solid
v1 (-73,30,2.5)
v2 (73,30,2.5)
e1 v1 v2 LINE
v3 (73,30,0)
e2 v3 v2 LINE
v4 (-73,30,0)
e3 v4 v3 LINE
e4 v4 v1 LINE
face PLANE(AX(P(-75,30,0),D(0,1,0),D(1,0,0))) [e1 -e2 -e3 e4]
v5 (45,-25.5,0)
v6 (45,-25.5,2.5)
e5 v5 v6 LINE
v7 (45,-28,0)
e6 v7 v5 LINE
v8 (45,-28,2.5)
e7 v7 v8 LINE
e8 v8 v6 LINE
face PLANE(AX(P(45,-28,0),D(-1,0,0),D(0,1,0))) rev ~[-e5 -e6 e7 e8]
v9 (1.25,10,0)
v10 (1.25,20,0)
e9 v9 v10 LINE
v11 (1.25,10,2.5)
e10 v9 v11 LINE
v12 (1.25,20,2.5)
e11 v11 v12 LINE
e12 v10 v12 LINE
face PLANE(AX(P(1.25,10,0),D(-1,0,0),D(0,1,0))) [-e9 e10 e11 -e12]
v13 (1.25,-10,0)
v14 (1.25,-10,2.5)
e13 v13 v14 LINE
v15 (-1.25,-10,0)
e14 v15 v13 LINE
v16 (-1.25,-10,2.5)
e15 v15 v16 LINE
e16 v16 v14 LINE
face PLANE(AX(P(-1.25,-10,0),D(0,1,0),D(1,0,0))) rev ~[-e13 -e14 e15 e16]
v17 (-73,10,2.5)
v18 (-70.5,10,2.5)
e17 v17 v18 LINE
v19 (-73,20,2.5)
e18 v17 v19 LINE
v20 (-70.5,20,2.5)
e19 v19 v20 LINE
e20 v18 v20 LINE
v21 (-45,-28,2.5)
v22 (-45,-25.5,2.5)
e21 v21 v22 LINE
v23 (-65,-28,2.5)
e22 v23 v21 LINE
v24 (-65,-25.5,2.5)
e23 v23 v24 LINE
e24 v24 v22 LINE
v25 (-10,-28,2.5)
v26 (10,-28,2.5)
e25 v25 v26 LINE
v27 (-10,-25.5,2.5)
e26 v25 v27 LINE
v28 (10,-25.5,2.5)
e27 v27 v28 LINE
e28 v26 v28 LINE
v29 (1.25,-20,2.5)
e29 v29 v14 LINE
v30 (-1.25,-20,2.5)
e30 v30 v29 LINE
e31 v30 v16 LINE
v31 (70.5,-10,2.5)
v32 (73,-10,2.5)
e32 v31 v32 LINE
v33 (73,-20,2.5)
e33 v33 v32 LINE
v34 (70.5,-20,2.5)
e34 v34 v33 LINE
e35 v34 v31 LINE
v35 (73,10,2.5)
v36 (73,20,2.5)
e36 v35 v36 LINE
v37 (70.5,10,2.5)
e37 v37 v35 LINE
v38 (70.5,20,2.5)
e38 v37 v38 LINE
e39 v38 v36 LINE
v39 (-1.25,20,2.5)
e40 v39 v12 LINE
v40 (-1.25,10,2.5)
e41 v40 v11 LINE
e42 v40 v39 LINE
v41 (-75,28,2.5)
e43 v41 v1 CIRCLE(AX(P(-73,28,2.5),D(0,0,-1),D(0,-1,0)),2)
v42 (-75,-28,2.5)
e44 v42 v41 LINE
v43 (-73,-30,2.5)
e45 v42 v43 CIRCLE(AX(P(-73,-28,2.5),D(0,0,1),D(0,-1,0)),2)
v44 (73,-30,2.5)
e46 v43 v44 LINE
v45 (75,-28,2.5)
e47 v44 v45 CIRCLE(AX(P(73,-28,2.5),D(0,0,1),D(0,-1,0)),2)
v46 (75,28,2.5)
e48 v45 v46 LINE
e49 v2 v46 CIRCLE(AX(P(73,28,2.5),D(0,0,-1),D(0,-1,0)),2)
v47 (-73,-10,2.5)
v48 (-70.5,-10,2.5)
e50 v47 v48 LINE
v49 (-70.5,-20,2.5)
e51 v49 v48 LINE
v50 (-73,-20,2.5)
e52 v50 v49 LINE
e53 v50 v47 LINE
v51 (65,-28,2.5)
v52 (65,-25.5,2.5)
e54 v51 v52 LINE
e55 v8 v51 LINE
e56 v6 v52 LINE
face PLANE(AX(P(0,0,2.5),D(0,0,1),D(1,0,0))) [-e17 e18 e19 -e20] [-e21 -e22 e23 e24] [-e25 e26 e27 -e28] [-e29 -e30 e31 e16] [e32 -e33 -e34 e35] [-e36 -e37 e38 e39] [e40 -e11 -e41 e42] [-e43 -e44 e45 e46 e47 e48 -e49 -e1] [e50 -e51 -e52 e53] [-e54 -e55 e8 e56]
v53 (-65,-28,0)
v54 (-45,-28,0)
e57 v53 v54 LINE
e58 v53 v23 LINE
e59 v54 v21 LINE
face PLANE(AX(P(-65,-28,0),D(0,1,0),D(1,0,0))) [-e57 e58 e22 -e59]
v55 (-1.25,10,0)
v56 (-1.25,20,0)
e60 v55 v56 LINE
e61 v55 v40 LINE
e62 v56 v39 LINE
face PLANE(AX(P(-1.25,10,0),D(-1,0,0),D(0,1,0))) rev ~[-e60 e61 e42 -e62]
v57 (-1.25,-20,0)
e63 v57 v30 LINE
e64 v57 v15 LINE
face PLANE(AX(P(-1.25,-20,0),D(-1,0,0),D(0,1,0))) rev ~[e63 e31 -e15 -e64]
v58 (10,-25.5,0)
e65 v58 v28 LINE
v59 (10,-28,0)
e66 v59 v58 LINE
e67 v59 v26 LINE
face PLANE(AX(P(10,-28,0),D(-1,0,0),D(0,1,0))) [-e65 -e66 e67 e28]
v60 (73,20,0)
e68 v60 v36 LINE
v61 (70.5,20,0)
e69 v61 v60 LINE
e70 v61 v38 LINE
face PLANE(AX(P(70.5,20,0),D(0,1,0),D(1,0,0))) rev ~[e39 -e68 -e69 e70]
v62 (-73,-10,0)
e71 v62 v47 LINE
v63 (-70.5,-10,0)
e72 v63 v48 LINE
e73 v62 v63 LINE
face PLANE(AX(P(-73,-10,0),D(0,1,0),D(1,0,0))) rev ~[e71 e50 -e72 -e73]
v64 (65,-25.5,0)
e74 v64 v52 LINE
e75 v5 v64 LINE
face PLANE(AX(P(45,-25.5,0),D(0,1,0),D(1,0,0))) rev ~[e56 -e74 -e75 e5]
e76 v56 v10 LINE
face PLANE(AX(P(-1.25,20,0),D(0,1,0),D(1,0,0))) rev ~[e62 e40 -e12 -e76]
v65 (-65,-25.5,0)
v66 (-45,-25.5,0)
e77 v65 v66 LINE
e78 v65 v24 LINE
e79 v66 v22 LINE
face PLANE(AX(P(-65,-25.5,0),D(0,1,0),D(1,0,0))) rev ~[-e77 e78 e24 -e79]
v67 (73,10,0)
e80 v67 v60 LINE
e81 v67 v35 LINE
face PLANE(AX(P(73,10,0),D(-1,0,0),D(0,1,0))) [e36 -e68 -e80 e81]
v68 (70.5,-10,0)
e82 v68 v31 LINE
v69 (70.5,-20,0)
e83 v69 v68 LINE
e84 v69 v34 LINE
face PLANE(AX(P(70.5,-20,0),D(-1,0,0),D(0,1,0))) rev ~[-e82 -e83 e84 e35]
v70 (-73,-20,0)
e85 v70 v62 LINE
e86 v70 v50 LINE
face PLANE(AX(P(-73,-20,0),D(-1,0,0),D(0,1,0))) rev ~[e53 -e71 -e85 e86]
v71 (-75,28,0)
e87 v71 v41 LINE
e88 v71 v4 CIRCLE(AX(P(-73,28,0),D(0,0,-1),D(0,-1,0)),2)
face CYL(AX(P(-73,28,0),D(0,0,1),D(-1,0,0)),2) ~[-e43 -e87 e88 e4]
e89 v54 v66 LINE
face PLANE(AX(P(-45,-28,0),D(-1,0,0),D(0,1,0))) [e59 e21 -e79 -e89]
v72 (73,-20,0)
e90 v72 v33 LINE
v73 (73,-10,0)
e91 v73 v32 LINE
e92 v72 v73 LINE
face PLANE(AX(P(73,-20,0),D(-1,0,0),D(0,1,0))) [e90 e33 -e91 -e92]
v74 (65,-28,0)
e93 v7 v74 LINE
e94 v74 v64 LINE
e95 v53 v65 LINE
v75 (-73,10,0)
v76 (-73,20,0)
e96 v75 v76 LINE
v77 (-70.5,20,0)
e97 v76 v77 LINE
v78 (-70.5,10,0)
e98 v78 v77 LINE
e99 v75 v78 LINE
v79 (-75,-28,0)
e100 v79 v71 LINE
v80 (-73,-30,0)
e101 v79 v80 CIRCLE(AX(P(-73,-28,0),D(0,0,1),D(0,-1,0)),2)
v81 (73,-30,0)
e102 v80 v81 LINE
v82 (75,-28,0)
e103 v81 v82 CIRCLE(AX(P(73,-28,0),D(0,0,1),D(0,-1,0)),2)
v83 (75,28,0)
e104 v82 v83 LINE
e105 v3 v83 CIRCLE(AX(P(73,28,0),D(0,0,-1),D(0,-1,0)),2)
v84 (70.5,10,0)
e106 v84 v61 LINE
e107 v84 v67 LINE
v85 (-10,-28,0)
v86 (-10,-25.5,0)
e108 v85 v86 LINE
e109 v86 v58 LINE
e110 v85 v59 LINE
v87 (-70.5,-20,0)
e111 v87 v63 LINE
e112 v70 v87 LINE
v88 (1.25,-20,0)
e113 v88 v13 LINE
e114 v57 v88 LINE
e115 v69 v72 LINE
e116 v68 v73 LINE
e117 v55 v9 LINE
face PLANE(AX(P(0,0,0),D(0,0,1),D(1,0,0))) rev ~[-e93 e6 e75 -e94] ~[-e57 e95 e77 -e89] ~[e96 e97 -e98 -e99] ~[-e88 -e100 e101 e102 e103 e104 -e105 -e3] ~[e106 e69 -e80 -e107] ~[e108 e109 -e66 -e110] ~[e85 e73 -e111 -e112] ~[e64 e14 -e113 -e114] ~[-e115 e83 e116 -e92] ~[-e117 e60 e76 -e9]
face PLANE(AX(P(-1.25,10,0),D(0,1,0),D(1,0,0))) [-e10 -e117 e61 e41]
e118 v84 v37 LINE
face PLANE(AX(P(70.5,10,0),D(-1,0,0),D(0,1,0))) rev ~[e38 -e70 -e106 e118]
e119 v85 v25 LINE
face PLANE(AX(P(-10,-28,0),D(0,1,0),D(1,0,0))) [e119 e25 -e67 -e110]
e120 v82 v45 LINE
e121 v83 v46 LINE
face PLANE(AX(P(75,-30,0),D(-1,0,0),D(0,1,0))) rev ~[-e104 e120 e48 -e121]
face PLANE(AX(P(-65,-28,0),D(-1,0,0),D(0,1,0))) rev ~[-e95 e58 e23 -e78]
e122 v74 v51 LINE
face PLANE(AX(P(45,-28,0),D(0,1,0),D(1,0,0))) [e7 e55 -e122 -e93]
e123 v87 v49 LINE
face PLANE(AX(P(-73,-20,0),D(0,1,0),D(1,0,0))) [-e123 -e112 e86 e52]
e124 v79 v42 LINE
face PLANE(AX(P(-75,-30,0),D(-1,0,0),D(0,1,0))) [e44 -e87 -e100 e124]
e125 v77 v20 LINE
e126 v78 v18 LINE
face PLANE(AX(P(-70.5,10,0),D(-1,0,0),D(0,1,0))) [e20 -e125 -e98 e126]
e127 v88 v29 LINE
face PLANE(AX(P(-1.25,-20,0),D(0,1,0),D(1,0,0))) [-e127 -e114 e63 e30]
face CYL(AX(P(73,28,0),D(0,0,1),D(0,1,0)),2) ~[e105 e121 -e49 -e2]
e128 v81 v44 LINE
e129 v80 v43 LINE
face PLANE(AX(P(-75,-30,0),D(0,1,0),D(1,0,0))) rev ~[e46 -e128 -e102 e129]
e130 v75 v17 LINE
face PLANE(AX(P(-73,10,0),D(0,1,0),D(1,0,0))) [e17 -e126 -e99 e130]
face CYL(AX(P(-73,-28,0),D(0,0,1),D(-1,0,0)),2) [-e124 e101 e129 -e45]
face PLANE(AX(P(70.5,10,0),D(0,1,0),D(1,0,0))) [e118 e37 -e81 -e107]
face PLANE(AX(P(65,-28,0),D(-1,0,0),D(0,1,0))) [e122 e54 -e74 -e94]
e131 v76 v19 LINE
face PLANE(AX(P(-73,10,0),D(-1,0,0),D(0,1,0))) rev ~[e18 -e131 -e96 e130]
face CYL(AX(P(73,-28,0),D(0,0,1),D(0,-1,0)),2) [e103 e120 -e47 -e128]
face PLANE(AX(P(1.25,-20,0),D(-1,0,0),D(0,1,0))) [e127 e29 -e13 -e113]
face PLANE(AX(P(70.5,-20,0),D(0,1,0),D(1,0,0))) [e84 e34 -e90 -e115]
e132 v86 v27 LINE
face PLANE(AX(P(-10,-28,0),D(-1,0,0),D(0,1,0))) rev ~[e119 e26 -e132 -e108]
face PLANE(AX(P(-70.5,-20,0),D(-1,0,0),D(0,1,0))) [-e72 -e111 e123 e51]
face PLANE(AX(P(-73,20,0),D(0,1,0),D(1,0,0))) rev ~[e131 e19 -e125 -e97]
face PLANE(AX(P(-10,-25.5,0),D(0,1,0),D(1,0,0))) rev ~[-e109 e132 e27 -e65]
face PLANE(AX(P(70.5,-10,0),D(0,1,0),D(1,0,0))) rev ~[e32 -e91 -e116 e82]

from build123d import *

# Parameters (mm, degrees)
SKETCH1_W           = 150
SKETCH1_H           = 60
SKETCH1_W_2         = 2.5
SKETCH1_H_2         = 10
SKETCH1_W_3         = 20
SKETCH1_H_3         = 2.5
BOSS_EXTRUDE1_DEPTH = 2.5
FILLET2_R           = 2


with BuildPart() as part:
    # Sketch1 → Boss-Extrude1 (new body)
    with BuildSketch(Plane.XY):
        Rectangle(SKETCH1_W, SKETCH1_H)
        with Locations((-71.75, -15)):
            Rectangle(SKETCH1_W_2, SKETCH1_H_2, mode=Mode.SUBTRACT)
        with Locations((-71.75, 15)):
            Rectangle(SKETCH1_W_2, SKETCH1_H_2, mode=Mode.SUBTRACT)
        with Locations((0, 15)):
            Rectangle(SKETCH1_W_2, SKETCH1_H_2, mode=Mode.SUBTRACT)
        with Locations((0, -15)):
            Rectangle(SKETCH1_W_2, SKETCH1_H_2, mode=Mode.SUBTRACT)
        with Locations((71.75, 15)):
            Rectangle(SKETCH1_W_2, SKETCH1_H_2, mode=Mode.SUBTRACT)
        with Locations((71.75, -15)):
            Rectangle(SKETCH1_W_2, SKETCH1_H_2, mode=Mode.SUBTRACT)
        with Locations((0, -26.75)):
            Rectangle(SKETCH1_W_3, SKETCH1_H_3, mode=Mode.SUBTRACT)
        with Locations((-55, -26.75)):
            Rectangle(SKETCH1_W_3, SKETCH1_H_3, mode=Mode.SUBTRACT)
        with Locations((55, -26.75)):
            Rectangle(SKETCH1_W_3, SKETCH1_H_3, mode=Mode.SUBTRACT)
    extrude(amount=BOSS_EXTRUDE1_DEPTH)

    # Fillet2
    fillet2_edges = [part.edges().sort_by_distance(p)[0] for p in [
        (75, -30, 1.25),
        (-75, -30, 1.25),
        (-75, 30, 1.25),
        (75, 30, 1.25),
    ]]
    fillet(fillet2_edges, radius=FILLET2_R)


solid = part.part
